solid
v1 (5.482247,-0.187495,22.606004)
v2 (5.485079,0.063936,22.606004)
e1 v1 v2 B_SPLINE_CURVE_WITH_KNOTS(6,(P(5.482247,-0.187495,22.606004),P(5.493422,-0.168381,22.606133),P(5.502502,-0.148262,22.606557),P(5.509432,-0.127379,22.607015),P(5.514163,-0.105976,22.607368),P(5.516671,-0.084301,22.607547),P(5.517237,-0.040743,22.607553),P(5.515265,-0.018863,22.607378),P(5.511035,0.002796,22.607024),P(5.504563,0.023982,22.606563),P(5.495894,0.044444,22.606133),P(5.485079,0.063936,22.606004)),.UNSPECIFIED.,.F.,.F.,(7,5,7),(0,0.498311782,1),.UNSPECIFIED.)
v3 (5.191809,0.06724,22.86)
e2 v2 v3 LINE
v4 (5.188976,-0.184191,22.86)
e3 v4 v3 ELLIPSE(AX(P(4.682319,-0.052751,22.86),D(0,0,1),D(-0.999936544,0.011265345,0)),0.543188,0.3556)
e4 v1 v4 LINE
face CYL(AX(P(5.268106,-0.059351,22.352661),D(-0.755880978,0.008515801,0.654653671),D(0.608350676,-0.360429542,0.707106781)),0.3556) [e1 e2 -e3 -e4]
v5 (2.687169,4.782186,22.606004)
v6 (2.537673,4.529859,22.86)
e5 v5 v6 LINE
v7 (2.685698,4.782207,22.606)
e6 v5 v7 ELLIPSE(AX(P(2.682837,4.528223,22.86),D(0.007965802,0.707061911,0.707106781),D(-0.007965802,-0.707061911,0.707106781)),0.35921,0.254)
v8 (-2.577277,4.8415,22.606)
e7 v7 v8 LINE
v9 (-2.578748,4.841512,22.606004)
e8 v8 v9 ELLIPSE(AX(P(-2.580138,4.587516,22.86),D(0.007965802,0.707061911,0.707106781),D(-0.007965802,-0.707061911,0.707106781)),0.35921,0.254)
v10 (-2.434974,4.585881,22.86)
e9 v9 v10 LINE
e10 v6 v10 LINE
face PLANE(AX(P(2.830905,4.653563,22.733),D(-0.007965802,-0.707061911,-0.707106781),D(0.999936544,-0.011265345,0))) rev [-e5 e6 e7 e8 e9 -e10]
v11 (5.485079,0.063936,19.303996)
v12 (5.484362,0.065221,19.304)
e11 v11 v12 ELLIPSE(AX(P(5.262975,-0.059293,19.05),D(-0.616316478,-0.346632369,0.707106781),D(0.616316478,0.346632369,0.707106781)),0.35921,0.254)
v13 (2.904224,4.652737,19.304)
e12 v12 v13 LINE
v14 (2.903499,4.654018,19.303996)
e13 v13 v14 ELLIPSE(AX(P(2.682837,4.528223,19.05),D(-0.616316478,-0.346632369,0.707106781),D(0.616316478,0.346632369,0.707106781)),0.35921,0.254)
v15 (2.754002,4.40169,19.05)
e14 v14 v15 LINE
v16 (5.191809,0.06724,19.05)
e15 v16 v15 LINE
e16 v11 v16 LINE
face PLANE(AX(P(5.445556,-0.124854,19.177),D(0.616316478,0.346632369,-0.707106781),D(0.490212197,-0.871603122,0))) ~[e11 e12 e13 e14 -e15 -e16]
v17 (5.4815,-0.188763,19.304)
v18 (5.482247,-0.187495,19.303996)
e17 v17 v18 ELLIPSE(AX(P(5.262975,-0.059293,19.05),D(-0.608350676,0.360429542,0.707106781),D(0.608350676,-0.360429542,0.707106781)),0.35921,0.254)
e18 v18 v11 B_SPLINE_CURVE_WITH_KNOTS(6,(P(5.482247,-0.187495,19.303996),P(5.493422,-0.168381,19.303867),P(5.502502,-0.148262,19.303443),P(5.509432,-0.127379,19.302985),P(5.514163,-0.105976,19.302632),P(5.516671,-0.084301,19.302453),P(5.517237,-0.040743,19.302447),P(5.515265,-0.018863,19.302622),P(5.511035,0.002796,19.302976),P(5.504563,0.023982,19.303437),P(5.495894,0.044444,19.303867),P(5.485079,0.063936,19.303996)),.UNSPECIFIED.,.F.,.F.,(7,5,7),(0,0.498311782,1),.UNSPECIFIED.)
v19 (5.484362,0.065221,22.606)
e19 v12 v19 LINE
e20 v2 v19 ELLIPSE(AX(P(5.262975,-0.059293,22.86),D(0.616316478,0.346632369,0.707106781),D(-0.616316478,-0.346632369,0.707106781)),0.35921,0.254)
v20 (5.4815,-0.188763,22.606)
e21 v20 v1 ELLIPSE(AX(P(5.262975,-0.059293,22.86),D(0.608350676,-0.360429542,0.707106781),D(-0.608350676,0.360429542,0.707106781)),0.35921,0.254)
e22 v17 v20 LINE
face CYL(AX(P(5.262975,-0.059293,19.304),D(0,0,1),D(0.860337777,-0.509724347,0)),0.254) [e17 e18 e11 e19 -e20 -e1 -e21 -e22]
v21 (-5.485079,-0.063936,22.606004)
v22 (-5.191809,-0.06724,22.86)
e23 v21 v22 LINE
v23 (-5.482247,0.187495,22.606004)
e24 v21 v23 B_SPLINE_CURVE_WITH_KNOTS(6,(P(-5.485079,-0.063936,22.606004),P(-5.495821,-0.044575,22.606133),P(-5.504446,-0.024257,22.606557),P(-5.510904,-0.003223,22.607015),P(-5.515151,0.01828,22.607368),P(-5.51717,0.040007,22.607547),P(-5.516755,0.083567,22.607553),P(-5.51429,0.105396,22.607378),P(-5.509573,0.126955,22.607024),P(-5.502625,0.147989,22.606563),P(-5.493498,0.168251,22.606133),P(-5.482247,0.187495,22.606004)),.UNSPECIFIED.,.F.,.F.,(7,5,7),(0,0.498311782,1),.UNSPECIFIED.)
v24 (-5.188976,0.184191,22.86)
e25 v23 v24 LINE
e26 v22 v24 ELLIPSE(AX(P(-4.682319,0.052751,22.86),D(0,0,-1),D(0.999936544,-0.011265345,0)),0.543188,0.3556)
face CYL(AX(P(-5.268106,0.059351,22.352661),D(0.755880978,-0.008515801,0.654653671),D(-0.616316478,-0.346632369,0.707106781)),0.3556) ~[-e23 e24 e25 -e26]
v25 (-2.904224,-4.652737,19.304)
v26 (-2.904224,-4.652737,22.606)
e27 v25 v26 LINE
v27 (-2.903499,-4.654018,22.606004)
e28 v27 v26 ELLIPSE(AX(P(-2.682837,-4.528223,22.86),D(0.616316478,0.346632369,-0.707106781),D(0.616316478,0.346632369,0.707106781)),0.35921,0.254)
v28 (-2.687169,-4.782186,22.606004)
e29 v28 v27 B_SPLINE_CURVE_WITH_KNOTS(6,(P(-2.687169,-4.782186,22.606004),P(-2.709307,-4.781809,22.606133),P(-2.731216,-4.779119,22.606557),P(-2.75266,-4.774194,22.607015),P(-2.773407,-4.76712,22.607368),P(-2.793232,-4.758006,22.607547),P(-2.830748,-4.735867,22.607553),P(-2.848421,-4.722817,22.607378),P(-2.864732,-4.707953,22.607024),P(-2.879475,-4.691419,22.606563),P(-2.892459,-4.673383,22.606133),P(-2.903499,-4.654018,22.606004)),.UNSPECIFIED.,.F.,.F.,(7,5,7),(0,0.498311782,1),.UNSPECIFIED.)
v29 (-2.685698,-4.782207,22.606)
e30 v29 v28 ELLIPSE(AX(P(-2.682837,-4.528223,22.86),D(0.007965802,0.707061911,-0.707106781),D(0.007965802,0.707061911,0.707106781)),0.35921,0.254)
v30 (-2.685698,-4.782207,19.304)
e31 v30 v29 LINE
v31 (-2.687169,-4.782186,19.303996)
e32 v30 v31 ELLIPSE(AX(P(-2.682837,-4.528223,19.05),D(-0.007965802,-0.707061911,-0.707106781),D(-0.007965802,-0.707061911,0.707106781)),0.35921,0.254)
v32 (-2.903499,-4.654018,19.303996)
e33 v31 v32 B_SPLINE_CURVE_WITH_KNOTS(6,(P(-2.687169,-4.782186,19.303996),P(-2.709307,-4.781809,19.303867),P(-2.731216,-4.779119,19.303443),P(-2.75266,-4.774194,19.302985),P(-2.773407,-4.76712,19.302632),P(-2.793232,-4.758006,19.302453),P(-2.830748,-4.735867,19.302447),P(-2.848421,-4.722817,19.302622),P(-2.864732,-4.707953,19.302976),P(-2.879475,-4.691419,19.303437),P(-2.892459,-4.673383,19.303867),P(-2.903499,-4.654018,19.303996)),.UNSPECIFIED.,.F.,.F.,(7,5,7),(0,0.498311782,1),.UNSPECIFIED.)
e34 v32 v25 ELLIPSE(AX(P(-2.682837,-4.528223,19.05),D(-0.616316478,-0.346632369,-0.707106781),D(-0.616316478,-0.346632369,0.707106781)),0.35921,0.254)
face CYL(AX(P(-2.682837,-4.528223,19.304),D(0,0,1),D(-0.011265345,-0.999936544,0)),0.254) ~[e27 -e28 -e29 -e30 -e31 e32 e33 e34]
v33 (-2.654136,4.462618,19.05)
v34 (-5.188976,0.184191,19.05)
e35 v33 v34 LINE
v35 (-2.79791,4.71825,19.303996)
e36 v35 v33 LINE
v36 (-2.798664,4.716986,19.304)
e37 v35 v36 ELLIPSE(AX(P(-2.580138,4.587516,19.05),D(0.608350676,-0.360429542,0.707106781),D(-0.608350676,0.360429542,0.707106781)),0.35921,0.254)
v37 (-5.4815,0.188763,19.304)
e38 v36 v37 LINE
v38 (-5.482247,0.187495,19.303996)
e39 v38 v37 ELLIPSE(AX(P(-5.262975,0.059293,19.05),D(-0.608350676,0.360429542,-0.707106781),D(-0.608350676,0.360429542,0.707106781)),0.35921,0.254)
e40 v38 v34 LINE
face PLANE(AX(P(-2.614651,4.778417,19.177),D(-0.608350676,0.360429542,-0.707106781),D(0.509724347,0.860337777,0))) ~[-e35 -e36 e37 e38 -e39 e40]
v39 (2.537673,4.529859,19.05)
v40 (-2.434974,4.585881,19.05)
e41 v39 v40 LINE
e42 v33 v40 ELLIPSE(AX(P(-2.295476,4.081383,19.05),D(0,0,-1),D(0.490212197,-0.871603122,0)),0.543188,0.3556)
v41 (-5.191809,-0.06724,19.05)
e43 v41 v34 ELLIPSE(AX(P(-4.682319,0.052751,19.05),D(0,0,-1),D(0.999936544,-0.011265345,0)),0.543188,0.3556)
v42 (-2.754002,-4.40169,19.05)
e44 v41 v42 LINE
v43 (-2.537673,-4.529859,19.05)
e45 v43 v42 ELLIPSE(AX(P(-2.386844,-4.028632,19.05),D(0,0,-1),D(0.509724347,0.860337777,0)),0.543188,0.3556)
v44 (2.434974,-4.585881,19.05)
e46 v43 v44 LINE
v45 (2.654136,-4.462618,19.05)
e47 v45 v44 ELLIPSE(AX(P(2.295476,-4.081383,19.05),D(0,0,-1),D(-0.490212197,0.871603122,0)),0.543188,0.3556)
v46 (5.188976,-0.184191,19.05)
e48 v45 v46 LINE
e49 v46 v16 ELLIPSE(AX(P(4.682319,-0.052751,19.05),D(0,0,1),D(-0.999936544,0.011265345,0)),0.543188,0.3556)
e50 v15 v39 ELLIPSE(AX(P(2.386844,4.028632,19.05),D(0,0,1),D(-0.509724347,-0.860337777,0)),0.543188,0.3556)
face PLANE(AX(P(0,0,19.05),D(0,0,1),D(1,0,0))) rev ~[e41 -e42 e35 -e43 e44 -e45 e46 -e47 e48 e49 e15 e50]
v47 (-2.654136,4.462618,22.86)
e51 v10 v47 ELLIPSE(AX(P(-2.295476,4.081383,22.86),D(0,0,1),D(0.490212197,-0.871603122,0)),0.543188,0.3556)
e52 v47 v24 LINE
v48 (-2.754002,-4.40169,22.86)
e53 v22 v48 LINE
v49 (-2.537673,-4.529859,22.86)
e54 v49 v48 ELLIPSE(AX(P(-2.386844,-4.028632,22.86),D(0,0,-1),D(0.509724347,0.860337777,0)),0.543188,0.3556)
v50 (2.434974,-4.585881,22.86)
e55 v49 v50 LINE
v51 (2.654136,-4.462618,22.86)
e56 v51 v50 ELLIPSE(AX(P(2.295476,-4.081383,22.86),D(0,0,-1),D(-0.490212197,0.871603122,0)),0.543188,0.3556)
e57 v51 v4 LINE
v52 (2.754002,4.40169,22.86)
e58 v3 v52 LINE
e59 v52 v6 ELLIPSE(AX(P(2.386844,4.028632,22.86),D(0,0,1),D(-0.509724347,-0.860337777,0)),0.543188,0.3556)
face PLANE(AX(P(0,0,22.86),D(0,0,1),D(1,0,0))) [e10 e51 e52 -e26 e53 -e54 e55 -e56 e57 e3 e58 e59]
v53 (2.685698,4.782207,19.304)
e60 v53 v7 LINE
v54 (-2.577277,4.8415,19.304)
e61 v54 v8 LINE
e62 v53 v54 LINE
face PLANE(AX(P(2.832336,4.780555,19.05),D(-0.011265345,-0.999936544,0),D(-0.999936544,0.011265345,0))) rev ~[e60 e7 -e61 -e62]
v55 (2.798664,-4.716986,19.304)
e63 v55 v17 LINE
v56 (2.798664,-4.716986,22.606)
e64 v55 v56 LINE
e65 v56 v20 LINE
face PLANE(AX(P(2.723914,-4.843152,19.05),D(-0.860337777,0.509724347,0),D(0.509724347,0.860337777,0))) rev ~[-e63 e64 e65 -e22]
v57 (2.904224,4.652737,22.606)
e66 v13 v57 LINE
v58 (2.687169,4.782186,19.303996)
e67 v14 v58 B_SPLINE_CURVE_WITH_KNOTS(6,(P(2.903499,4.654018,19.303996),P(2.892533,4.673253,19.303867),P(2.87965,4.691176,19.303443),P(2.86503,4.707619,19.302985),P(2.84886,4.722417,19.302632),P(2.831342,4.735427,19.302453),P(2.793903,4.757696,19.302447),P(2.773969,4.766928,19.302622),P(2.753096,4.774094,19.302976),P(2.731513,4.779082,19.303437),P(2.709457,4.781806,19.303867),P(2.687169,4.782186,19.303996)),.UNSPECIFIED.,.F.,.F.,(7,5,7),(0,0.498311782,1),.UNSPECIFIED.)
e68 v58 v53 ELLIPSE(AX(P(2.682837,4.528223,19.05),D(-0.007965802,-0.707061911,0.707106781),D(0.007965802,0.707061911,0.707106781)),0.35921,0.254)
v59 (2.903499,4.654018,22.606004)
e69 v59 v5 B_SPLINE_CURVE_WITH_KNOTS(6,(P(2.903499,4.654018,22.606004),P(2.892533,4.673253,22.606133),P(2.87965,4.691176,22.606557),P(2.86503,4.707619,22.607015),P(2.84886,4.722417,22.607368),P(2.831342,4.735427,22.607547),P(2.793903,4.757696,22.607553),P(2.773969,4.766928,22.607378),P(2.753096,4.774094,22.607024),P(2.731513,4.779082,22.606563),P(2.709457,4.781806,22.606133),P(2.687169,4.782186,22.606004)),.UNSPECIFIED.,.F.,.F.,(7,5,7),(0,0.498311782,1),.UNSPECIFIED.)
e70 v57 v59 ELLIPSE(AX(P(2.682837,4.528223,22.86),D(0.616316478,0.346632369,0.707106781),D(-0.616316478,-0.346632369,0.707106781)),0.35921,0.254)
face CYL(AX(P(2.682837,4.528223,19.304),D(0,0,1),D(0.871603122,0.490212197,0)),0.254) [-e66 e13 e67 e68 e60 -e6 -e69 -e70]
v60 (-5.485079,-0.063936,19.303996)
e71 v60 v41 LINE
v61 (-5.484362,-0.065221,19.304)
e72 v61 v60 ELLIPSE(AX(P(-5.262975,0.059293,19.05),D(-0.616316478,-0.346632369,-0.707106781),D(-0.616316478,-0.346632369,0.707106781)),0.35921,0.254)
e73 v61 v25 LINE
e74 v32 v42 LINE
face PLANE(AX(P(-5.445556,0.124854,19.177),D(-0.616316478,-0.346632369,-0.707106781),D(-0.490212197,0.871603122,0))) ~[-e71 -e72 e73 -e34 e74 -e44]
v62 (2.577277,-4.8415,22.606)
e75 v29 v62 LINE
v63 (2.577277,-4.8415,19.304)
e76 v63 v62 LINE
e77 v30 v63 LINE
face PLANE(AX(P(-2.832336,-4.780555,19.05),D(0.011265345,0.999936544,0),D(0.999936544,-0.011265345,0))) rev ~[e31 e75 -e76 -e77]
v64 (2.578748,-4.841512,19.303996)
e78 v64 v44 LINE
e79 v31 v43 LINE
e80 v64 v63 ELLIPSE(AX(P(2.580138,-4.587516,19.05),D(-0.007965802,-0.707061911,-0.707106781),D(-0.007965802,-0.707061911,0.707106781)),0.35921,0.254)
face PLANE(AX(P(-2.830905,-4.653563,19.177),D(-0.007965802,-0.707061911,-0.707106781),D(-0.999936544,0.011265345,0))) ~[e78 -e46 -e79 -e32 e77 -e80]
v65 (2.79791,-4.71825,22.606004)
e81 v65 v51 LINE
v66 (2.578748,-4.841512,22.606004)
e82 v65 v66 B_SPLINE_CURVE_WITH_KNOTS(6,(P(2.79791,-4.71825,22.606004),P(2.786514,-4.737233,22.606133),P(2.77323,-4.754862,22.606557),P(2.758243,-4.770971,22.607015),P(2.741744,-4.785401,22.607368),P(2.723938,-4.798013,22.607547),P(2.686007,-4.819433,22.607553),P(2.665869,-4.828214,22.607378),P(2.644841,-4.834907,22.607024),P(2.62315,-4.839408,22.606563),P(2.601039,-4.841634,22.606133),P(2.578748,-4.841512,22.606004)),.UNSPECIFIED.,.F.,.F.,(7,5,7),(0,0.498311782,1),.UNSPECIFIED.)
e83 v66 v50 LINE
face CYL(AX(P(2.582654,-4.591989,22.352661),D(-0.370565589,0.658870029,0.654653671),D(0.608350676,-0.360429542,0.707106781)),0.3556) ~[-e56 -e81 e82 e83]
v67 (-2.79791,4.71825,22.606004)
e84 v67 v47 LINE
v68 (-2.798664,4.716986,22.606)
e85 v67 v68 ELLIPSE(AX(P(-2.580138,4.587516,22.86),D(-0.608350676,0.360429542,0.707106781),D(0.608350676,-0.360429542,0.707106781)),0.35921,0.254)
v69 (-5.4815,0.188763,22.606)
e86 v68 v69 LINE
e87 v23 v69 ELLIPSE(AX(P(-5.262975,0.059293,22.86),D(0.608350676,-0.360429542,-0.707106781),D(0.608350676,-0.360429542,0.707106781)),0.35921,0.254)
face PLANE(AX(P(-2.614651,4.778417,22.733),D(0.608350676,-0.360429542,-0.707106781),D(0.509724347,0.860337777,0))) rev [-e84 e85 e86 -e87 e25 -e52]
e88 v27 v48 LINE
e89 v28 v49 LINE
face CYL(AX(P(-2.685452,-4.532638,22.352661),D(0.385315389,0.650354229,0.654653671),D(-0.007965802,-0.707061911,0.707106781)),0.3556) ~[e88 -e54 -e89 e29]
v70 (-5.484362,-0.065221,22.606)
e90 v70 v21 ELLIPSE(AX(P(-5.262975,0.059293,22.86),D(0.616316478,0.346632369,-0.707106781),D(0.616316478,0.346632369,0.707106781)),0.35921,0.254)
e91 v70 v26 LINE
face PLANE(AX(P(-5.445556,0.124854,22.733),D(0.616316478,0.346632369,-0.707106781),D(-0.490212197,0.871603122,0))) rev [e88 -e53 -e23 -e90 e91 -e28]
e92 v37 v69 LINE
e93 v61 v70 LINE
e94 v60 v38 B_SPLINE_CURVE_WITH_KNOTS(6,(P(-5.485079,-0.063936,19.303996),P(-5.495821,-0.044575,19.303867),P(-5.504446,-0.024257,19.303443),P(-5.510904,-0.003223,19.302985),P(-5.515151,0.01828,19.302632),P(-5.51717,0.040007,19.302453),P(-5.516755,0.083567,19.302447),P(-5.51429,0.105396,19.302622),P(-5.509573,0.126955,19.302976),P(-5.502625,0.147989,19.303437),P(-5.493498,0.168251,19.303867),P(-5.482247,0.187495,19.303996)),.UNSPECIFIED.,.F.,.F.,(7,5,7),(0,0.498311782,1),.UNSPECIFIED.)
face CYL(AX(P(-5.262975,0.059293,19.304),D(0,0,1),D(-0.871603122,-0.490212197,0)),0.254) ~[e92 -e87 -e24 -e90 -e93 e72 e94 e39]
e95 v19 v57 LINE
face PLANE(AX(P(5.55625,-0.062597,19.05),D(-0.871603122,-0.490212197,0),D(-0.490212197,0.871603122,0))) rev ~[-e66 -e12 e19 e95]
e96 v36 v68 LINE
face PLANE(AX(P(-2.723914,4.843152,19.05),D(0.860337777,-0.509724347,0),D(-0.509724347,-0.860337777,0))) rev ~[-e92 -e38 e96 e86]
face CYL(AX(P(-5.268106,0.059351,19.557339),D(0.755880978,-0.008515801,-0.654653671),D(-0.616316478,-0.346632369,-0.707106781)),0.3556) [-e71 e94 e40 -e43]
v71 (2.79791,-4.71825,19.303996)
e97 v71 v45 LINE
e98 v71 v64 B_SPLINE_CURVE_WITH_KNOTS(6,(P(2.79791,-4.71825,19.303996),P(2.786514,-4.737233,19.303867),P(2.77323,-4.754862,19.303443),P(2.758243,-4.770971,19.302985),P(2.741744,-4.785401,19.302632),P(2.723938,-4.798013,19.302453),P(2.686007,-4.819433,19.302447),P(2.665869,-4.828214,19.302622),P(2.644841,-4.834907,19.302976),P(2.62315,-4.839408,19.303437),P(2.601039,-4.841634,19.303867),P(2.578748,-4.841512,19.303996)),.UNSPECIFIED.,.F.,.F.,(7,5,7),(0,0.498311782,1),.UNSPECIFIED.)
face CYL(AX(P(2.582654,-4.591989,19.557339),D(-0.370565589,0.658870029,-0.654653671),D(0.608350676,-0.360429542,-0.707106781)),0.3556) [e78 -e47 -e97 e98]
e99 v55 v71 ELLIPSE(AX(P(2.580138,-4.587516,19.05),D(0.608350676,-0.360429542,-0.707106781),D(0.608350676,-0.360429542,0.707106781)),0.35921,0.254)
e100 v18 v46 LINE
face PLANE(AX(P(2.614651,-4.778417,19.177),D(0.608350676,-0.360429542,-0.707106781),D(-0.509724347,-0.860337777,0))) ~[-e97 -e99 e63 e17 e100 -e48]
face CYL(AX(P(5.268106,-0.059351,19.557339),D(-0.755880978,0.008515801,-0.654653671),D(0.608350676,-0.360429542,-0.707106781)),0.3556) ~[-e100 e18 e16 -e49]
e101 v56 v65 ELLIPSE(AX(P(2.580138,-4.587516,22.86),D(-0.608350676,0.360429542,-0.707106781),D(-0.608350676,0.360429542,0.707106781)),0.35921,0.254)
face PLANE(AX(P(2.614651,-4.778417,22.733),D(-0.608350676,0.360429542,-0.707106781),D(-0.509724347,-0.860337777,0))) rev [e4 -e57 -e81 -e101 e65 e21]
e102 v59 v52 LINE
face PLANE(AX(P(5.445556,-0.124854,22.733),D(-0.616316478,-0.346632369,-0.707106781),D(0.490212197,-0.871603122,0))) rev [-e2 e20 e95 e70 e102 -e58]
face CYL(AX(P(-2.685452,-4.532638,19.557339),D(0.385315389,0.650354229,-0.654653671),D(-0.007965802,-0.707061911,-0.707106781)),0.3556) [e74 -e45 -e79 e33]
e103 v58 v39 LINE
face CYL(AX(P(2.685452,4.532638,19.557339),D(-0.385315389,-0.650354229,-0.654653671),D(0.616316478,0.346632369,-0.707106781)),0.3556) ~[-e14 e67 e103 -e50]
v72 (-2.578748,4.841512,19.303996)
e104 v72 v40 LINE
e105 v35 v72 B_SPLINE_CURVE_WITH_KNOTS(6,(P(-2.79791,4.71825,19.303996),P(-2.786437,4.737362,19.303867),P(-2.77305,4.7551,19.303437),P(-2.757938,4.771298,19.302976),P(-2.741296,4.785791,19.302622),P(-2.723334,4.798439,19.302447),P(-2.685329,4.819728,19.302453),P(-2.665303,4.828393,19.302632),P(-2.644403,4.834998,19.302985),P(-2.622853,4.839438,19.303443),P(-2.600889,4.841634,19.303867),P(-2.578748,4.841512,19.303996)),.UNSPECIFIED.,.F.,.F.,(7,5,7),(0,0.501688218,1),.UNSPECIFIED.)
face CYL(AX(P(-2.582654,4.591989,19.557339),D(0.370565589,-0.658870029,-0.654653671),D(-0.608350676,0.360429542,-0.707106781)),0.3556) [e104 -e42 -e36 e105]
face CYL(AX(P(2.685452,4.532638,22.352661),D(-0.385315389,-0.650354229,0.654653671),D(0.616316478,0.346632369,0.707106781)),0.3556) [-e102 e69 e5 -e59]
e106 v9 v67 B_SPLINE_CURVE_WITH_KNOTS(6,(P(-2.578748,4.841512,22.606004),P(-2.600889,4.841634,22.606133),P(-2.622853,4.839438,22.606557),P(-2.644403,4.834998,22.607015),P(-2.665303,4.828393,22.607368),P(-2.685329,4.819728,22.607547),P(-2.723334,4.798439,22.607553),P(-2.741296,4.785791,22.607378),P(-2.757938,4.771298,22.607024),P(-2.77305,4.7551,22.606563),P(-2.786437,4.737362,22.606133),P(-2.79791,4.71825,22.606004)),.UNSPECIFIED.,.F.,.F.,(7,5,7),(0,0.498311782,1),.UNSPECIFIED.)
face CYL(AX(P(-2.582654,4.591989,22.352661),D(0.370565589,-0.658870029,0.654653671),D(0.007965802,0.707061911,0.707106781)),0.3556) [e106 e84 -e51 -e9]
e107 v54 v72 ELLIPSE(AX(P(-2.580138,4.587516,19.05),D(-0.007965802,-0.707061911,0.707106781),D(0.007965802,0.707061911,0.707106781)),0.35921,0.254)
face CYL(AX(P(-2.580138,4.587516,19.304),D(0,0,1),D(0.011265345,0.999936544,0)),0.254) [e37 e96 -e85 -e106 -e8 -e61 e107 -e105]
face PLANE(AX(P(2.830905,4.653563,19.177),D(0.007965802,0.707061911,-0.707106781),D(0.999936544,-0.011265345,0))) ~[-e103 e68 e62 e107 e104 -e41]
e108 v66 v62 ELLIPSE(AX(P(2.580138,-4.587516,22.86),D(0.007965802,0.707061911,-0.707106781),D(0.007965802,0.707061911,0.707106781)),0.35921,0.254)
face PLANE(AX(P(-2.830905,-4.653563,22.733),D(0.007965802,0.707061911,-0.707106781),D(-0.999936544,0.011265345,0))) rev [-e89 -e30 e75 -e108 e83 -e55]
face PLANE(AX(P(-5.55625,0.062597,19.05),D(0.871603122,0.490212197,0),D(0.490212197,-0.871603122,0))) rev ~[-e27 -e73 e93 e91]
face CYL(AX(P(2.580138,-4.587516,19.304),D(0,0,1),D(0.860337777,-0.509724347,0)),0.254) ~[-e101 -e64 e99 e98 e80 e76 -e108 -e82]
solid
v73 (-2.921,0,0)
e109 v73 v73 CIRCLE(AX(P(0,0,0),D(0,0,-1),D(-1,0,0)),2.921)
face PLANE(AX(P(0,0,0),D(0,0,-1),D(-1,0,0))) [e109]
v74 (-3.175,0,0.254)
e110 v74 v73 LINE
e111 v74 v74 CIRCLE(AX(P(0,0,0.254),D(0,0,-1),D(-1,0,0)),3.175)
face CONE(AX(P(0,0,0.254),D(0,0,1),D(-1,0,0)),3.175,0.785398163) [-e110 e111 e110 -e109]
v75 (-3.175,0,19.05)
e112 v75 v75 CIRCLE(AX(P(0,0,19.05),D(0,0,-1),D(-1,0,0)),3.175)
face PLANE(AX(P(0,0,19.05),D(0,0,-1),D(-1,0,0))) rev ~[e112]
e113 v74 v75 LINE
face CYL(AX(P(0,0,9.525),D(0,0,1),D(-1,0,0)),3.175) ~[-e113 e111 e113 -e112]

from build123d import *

# Parameters (mm, degrees)
F0_W     = 3.175
F0_H     = 19.05
F3_DEPTH = 3.81
F4_SIZE  = 0.254
F5_R     = 0.254
F6_R     = 0.3556
F7_R     = 0.3556
F8_SIZE  = 0.254


with BuildPart() as f1:
    # F0 (on Front) → F1 (revolve)
    with BuildSketch(Plane.XZ):
        with Locations((-1.5875, 9.525)):
            Rectangle(F0_W, F0_H)
    revolve(axis=Axis((0, 0, 9.525), (0, 0, -1)))

    # F8
    f8_edges = [f1.edges().sort_by_distance(p)[0] for p in [
        (3.175, 0, 0),
    ]]
    chamfer(f8_edges, length=F8_SIZE)


with BuildPart() as f3:
    # F2 (on face) → F3 (new body)
    with BuildSketch(Plane.XY.offset(19.05)):
        Polygon((2.7239143667, -4.8431521735), (5.55625, -0.0625970475), (2.8323356333, 4.780555126), (-2.7239143667, 4.8431521735), (-5.55625, 0.0625970475), (-2.8323356333, -4.780555126), align=None)
    extrude(amount=F3_DEPTH)

    # F4
    f4_edges = [f3.edges().sort_by_distance(p)[0] for p in [
        (-4.140082, 2.452875, 22.86),
        (-0.054211, -4.811854, 22.86),
        (-4.194293, -2.358979, 19.05),
        (-4.194293, -2.358979, 22.86),
        (0.054211, 4.811854, 22.86),
        (4.194293, 2.358979, 22.86),
        (4.140082, -2.452875, 22.86),
        (-4.140082, 2.452875, 19.05),
        (0.054211, 4.811854, 19.05),
        (4.194293, 2.358979, 19.05),
        (4.140082, -2.452875, 19.05),
        (-0.054211, -4.811854, 19.05),
    ]]
    chamfer(f4_edges, length=F4_SIZE)

    # F5
    f5_edges = [f3.edges().sort_by_distance(p)[0] for p in [
        (-2.832336, -4.780555, 20.955),
        (2.723914, -4.843152, 20.955),
        (-5.55625, 0.062597, 20.955),
        (-2.723914, 4.843152, 20.955),
        (2.832336, 4.780555, 20.955),
        (5.55625, -0.062597, 20.955),
    ]]
    fillet(f5_edges, radius=F5_R)

    # F6
    f6_edges = [f3.edges().sort_by_distance(p)[0] for p in [
        (-5.389967, 0.060724, 22.750015),
        (-2.642395, 4.69821, 22.750015),
        (2.747572, 4.637486, 22.750015),
        (5.389967, -0.060724, 22.750015),
        (2.642395, -4.69821, 22.750015),
        (-2.747572, -4.637486, 22.750015),
    ]]
    fillet(f6_edges, radius=F6_R)

    # F7
    f7_edges = [f3.edges().sort_by_distance(p)[0] for p in [
        (-2.747572, -4.637486, 19.159985),
        (-5.389967, 0.060724, 19.159985),
        (-2.642395, 4.69821, 19.159985),
        (2.747572, 4.637486, 19.159985),
        (5.389967, -0.060724, 19.159985),
        (2.642395, -4.69821, 19.159985),
    ]]
    fillet(f7_edges, radius=F7_R)


solid = Compound([f1.part, f3.part])
